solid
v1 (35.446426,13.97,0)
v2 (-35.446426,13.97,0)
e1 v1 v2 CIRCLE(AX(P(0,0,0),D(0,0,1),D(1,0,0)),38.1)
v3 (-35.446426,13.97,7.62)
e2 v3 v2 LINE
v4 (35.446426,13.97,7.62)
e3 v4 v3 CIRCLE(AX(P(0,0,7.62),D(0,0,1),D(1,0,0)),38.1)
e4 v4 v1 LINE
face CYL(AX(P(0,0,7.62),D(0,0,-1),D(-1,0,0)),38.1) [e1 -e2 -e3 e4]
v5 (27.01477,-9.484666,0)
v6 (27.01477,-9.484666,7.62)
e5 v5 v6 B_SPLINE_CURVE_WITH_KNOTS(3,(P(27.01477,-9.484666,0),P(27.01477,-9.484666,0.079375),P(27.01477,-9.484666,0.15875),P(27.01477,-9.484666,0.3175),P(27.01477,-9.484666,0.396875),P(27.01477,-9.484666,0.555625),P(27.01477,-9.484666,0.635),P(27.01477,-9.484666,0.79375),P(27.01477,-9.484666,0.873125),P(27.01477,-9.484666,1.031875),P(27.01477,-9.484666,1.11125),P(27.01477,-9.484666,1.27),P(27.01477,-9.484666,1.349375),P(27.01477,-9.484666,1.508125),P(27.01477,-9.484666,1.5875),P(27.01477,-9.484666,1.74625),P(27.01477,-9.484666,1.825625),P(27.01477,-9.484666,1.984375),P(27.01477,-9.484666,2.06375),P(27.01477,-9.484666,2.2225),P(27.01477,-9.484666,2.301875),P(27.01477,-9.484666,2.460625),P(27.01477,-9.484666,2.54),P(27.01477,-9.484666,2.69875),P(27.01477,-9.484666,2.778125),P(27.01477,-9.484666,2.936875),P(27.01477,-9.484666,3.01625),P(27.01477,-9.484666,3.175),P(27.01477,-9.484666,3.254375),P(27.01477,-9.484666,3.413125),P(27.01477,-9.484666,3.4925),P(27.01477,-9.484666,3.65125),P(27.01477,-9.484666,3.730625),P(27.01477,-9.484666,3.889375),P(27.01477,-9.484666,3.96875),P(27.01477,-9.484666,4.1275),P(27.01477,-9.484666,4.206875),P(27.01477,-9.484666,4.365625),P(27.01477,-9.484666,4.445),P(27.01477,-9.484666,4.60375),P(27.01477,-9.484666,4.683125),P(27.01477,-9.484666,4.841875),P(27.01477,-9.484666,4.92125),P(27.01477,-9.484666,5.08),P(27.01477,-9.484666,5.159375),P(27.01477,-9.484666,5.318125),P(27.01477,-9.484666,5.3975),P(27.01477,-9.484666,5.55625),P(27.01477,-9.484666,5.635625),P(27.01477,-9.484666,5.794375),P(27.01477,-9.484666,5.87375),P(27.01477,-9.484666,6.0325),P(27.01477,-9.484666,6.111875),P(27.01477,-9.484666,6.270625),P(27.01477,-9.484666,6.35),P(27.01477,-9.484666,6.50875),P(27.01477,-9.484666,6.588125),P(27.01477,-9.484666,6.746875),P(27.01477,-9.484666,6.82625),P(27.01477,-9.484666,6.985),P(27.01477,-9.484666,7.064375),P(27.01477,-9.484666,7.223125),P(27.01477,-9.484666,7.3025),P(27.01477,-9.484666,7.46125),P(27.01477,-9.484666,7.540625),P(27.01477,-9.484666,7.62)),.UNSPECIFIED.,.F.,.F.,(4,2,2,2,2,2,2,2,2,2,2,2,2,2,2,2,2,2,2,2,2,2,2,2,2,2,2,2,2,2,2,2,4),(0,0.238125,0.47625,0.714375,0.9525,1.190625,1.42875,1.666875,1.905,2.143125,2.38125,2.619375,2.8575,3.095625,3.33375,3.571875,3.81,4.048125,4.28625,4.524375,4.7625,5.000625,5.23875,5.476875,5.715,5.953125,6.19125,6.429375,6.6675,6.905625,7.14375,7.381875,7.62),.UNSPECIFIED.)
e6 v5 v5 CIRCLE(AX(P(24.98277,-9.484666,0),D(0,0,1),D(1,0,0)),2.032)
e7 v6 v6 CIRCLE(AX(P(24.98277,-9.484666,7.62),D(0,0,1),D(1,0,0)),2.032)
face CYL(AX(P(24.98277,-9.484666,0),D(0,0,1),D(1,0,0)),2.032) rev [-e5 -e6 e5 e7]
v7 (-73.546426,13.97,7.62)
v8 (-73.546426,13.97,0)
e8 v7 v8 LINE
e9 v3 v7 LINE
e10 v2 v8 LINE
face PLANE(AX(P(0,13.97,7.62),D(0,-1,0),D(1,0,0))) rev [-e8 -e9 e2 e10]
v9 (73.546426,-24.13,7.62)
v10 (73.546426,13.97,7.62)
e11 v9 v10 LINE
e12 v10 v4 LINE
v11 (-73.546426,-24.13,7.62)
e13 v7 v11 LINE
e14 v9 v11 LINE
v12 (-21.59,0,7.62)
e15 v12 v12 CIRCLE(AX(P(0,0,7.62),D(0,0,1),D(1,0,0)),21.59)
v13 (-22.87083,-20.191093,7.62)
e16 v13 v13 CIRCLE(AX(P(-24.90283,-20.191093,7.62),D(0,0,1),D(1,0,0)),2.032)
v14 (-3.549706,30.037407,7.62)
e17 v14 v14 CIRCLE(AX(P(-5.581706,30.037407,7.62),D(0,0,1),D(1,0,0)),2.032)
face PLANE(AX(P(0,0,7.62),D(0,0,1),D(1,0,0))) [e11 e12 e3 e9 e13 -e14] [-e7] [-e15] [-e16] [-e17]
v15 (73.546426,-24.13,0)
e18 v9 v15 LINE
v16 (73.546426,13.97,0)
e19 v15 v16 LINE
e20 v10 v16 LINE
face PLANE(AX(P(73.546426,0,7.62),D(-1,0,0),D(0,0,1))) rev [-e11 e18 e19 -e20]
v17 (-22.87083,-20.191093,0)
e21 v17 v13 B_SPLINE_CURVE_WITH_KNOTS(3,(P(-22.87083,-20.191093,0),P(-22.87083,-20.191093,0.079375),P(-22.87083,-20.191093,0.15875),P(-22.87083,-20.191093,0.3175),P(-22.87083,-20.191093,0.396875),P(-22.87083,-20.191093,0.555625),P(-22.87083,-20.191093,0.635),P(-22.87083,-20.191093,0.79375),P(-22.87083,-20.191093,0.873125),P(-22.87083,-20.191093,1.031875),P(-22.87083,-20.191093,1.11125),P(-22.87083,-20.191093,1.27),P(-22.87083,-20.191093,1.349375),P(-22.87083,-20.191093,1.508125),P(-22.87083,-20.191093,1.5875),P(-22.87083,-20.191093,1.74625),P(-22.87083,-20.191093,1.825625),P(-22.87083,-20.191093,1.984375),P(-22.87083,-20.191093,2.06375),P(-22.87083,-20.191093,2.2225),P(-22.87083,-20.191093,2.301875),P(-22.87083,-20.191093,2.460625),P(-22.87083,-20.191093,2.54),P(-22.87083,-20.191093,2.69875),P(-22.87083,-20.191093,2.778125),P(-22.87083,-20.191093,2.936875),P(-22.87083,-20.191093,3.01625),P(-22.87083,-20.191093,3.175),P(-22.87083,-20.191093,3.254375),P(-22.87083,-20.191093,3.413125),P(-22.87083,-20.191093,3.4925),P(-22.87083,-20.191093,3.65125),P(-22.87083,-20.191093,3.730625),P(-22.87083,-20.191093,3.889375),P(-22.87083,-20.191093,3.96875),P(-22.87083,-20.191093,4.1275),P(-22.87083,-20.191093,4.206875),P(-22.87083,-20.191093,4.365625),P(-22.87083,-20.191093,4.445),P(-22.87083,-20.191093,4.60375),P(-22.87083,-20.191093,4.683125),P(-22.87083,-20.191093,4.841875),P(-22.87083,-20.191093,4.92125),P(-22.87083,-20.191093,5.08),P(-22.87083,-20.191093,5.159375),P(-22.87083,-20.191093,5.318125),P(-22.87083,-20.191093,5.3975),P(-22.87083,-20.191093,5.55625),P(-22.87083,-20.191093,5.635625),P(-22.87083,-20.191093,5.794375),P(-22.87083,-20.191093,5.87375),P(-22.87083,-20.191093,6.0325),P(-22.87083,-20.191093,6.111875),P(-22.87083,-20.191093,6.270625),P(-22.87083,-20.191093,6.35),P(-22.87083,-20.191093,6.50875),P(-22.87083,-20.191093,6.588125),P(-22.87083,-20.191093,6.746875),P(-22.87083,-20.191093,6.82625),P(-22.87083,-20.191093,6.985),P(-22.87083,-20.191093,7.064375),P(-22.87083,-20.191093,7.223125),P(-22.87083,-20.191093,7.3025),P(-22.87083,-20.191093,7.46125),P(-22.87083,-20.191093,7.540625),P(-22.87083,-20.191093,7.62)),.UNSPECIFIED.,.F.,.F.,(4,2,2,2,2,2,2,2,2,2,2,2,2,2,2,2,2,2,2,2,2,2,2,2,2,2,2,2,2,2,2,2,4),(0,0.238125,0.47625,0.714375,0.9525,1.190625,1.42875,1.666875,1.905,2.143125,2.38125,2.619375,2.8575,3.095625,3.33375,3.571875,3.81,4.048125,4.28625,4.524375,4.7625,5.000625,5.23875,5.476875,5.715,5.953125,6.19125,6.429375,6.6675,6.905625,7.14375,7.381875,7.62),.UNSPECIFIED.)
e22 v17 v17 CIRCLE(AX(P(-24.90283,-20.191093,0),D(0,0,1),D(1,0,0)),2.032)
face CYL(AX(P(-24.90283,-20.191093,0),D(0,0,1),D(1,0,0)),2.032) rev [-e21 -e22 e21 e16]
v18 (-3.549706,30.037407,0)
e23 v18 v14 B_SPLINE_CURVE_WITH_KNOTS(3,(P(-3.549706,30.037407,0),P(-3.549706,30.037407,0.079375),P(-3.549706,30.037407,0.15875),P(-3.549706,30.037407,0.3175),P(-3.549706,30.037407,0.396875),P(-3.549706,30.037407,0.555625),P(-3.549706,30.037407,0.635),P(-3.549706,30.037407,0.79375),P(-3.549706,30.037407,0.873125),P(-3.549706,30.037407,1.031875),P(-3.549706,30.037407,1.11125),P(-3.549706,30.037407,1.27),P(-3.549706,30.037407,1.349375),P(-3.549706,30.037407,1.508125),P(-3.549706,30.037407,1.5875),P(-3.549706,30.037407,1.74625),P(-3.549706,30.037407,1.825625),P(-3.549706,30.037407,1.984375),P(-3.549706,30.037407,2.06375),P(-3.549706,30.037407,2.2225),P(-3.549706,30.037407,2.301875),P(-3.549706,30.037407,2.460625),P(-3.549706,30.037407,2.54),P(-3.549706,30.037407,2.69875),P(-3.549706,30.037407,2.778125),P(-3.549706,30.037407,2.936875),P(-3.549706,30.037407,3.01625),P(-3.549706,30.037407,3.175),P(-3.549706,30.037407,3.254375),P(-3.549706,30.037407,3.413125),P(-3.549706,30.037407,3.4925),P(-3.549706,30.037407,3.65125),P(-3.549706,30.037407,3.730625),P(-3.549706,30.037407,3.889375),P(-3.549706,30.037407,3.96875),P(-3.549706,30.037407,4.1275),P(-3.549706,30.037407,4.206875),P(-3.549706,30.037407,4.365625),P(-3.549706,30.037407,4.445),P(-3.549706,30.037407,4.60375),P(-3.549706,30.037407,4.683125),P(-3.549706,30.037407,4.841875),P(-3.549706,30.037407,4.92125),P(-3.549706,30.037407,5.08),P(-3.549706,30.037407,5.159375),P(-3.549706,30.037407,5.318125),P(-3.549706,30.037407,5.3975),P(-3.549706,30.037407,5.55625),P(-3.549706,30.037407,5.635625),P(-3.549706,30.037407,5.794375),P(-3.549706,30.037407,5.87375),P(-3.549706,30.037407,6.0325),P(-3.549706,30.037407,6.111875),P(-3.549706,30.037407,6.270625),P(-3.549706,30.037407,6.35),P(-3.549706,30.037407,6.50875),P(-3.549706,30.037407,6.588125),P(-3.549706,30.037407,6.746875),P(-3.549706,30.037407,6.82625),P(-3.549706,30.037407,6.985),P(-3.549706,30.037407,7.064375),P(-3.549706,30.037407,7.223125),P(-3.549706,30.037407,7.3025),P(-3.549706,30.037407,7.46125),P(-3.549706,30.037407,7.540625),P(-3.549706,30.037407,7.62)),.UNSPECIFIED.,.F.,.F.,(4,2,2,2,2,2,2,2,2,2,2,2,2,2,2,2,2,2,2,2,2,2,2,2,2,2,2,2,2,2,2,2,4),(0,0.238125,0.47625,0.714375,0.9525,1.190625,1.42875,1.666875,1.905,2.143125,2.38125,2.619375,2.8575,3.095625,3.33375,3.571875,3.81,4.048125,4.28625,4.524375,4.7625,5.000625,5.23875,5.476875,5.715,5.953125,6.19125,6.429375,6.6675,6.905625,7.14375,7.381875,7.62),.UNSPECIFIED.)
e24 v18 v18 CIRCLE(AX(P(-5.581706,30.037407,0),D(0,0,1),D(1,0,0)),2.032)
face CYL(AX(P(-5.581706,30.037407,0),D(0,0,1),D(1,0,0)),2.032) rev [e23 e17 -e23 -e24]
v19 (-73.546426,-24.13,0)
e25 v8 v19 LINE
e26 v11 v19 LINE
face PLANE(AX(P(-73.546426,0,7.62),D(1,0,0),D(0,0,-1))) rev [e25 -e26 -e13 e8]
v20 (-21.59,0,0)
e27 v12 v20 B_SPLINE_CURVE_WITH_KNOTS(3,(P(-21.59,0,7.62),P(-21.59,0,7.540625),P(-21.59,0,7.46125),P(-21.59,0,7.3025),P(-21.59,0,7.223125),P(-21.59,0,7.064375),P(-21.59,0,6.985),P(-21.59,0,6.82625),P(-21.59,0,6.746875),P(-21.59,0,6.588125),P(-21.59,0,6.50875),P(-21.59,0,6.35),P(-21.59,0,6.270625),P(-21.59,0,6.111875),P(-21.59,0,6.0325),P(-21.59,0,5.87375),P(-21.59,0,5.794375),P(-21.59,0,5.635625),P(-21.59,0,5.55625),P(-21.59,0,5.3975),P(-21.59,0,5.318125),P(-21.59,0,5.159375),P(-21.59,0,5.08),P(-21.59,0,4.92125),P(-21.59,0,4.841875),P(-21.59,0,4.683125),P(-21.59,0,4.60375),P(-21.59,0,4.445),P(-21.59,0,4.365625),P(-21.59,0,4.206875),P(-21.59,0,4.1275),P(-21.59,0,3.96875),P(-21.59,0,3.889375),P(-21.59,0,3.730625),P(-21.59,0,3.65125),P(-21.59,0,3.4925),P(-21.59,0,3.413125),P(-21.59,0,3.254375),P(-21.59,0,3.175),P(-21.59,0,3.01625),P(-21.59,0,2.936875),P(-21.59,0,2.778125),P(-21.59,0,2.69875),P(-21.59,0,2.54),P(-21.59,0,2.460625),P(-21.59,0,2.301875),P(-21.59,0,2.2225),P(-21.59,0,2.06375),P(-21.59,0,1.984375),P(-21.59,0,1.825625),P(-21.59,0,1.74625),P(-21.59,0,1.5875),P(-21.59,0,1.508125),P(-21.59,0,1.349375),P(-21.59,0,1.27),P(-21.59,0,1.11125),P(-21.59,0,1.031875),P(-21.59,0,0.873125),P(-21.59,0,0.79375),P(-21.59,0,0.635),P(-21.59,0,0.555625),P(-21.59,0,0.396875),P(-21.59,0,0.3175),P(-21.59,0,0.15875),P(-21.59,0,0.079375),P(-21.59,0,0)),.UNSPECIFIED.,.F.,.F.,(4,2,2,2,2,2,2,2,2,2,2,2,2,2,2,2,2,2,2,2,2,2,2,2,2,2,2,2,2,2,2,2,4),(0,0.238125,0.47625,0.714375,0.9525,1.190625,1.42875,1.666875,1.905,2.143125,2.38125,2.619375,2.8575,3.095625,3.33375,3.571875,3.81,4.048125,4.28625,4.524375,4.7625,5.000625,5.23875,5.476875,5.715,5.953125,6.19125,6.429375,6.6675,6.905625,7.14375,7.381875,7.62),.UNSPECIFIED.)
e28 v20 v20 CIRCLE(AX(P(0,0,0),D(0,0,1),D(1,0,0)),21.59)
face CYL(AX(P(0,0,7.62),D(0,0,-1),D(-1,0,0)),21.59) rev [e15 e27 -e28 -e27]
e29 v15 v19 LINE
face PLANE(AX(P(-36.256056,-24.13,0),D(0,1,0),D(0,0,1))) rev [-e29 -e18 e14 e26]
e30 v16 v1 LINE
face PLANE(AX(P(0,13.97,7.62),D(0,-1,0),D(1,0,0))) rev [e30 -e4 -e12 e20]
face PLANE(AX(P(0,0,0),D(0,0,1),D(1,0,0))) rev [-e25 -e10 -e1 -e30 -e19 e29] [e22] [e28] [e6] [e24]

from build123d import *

# Parameters (mm, degrees)
SKETCH1_R           = 38.1
SKETCH1_R_2         = 21.59
BOSS_EXTRUDE1_DEPTH = 7.62
CUT_EXTRUDE1_DEPTH  = 55.417684625
SKETCH7_R           = 2.032
CUT_EXTRUDE2_DEPTH  = 55.417684625
BOSS_EXTRUDE2_START = -7.62
BOSS_EXTRUDE2_DEPTH = 7.62


with BuildPart() as part:
    # Sketch1 → Boss-Extrude1 (new body)
    with BuildSketch(Plane.XY):
        with Locations(Location((0, 0, 0), (0, 0, 180))):
            Circle(SKETCH1_R)
        with Locations(Location((0, 0, 0), (0, 0, 180))):
            Circle(SKETCH1_R_2, mode=Mode.SUBTRACT)
    extrude(amount=BOSS_EXTRUDE1_DEPTH)

    # Sketch2 → Cut-Extrude1 (cut, through all)
    with BuildSketch(Plane.XY.offset(7.62)):
        Polygon((0, -38.1), (-36.256055522, -38.1), (-36.256055522, -24.13), (33.75035888, -24.13), (33.75035888, -38.1), align=None)
    extrude(amount=-CUT_EXTRUDE1_DEPTH, mode=Mode.SUBTRACT)

    # Sketch7 → Cut-Extrude2 (cut, through all)
    with BuildSketch(Plane.XY.offset(7.62)):
        with Locations((-24.902829883, -20.191092866)):
            Circle(SKETCH7_R)
        with Locations((-5.581705562, 30.037407134)):
            Circle(SKETCH7_R)
        with Locations((24.982770117, -9.484666265)):
            Circle(SKETCH7_R)
    extrude(amount=-CUT_EXTRUDE2_DEPTH, mode=Mode.SUBTRACT)

    # Sketch9 → Boss-Extrude2 (add)
    with BuildSketch(Plane.XY.offset(7.62).offset(BOSS_EXTRUDE2_START)):
        Polygon((-29.484794386, -24.13), (-73.546425772, -24.13), (-73.546425772, 13.97), (-35.446425772, 13.97), align=None)
        Polygon((29.484794386, -24.13), (73.546425772, -24.13), (73.546425772, 13.97), (35.446425772, 13.97), align=None)
    extrude(amount=BOSS_EXTRUDE2_DEPTH)


solid = part.part
